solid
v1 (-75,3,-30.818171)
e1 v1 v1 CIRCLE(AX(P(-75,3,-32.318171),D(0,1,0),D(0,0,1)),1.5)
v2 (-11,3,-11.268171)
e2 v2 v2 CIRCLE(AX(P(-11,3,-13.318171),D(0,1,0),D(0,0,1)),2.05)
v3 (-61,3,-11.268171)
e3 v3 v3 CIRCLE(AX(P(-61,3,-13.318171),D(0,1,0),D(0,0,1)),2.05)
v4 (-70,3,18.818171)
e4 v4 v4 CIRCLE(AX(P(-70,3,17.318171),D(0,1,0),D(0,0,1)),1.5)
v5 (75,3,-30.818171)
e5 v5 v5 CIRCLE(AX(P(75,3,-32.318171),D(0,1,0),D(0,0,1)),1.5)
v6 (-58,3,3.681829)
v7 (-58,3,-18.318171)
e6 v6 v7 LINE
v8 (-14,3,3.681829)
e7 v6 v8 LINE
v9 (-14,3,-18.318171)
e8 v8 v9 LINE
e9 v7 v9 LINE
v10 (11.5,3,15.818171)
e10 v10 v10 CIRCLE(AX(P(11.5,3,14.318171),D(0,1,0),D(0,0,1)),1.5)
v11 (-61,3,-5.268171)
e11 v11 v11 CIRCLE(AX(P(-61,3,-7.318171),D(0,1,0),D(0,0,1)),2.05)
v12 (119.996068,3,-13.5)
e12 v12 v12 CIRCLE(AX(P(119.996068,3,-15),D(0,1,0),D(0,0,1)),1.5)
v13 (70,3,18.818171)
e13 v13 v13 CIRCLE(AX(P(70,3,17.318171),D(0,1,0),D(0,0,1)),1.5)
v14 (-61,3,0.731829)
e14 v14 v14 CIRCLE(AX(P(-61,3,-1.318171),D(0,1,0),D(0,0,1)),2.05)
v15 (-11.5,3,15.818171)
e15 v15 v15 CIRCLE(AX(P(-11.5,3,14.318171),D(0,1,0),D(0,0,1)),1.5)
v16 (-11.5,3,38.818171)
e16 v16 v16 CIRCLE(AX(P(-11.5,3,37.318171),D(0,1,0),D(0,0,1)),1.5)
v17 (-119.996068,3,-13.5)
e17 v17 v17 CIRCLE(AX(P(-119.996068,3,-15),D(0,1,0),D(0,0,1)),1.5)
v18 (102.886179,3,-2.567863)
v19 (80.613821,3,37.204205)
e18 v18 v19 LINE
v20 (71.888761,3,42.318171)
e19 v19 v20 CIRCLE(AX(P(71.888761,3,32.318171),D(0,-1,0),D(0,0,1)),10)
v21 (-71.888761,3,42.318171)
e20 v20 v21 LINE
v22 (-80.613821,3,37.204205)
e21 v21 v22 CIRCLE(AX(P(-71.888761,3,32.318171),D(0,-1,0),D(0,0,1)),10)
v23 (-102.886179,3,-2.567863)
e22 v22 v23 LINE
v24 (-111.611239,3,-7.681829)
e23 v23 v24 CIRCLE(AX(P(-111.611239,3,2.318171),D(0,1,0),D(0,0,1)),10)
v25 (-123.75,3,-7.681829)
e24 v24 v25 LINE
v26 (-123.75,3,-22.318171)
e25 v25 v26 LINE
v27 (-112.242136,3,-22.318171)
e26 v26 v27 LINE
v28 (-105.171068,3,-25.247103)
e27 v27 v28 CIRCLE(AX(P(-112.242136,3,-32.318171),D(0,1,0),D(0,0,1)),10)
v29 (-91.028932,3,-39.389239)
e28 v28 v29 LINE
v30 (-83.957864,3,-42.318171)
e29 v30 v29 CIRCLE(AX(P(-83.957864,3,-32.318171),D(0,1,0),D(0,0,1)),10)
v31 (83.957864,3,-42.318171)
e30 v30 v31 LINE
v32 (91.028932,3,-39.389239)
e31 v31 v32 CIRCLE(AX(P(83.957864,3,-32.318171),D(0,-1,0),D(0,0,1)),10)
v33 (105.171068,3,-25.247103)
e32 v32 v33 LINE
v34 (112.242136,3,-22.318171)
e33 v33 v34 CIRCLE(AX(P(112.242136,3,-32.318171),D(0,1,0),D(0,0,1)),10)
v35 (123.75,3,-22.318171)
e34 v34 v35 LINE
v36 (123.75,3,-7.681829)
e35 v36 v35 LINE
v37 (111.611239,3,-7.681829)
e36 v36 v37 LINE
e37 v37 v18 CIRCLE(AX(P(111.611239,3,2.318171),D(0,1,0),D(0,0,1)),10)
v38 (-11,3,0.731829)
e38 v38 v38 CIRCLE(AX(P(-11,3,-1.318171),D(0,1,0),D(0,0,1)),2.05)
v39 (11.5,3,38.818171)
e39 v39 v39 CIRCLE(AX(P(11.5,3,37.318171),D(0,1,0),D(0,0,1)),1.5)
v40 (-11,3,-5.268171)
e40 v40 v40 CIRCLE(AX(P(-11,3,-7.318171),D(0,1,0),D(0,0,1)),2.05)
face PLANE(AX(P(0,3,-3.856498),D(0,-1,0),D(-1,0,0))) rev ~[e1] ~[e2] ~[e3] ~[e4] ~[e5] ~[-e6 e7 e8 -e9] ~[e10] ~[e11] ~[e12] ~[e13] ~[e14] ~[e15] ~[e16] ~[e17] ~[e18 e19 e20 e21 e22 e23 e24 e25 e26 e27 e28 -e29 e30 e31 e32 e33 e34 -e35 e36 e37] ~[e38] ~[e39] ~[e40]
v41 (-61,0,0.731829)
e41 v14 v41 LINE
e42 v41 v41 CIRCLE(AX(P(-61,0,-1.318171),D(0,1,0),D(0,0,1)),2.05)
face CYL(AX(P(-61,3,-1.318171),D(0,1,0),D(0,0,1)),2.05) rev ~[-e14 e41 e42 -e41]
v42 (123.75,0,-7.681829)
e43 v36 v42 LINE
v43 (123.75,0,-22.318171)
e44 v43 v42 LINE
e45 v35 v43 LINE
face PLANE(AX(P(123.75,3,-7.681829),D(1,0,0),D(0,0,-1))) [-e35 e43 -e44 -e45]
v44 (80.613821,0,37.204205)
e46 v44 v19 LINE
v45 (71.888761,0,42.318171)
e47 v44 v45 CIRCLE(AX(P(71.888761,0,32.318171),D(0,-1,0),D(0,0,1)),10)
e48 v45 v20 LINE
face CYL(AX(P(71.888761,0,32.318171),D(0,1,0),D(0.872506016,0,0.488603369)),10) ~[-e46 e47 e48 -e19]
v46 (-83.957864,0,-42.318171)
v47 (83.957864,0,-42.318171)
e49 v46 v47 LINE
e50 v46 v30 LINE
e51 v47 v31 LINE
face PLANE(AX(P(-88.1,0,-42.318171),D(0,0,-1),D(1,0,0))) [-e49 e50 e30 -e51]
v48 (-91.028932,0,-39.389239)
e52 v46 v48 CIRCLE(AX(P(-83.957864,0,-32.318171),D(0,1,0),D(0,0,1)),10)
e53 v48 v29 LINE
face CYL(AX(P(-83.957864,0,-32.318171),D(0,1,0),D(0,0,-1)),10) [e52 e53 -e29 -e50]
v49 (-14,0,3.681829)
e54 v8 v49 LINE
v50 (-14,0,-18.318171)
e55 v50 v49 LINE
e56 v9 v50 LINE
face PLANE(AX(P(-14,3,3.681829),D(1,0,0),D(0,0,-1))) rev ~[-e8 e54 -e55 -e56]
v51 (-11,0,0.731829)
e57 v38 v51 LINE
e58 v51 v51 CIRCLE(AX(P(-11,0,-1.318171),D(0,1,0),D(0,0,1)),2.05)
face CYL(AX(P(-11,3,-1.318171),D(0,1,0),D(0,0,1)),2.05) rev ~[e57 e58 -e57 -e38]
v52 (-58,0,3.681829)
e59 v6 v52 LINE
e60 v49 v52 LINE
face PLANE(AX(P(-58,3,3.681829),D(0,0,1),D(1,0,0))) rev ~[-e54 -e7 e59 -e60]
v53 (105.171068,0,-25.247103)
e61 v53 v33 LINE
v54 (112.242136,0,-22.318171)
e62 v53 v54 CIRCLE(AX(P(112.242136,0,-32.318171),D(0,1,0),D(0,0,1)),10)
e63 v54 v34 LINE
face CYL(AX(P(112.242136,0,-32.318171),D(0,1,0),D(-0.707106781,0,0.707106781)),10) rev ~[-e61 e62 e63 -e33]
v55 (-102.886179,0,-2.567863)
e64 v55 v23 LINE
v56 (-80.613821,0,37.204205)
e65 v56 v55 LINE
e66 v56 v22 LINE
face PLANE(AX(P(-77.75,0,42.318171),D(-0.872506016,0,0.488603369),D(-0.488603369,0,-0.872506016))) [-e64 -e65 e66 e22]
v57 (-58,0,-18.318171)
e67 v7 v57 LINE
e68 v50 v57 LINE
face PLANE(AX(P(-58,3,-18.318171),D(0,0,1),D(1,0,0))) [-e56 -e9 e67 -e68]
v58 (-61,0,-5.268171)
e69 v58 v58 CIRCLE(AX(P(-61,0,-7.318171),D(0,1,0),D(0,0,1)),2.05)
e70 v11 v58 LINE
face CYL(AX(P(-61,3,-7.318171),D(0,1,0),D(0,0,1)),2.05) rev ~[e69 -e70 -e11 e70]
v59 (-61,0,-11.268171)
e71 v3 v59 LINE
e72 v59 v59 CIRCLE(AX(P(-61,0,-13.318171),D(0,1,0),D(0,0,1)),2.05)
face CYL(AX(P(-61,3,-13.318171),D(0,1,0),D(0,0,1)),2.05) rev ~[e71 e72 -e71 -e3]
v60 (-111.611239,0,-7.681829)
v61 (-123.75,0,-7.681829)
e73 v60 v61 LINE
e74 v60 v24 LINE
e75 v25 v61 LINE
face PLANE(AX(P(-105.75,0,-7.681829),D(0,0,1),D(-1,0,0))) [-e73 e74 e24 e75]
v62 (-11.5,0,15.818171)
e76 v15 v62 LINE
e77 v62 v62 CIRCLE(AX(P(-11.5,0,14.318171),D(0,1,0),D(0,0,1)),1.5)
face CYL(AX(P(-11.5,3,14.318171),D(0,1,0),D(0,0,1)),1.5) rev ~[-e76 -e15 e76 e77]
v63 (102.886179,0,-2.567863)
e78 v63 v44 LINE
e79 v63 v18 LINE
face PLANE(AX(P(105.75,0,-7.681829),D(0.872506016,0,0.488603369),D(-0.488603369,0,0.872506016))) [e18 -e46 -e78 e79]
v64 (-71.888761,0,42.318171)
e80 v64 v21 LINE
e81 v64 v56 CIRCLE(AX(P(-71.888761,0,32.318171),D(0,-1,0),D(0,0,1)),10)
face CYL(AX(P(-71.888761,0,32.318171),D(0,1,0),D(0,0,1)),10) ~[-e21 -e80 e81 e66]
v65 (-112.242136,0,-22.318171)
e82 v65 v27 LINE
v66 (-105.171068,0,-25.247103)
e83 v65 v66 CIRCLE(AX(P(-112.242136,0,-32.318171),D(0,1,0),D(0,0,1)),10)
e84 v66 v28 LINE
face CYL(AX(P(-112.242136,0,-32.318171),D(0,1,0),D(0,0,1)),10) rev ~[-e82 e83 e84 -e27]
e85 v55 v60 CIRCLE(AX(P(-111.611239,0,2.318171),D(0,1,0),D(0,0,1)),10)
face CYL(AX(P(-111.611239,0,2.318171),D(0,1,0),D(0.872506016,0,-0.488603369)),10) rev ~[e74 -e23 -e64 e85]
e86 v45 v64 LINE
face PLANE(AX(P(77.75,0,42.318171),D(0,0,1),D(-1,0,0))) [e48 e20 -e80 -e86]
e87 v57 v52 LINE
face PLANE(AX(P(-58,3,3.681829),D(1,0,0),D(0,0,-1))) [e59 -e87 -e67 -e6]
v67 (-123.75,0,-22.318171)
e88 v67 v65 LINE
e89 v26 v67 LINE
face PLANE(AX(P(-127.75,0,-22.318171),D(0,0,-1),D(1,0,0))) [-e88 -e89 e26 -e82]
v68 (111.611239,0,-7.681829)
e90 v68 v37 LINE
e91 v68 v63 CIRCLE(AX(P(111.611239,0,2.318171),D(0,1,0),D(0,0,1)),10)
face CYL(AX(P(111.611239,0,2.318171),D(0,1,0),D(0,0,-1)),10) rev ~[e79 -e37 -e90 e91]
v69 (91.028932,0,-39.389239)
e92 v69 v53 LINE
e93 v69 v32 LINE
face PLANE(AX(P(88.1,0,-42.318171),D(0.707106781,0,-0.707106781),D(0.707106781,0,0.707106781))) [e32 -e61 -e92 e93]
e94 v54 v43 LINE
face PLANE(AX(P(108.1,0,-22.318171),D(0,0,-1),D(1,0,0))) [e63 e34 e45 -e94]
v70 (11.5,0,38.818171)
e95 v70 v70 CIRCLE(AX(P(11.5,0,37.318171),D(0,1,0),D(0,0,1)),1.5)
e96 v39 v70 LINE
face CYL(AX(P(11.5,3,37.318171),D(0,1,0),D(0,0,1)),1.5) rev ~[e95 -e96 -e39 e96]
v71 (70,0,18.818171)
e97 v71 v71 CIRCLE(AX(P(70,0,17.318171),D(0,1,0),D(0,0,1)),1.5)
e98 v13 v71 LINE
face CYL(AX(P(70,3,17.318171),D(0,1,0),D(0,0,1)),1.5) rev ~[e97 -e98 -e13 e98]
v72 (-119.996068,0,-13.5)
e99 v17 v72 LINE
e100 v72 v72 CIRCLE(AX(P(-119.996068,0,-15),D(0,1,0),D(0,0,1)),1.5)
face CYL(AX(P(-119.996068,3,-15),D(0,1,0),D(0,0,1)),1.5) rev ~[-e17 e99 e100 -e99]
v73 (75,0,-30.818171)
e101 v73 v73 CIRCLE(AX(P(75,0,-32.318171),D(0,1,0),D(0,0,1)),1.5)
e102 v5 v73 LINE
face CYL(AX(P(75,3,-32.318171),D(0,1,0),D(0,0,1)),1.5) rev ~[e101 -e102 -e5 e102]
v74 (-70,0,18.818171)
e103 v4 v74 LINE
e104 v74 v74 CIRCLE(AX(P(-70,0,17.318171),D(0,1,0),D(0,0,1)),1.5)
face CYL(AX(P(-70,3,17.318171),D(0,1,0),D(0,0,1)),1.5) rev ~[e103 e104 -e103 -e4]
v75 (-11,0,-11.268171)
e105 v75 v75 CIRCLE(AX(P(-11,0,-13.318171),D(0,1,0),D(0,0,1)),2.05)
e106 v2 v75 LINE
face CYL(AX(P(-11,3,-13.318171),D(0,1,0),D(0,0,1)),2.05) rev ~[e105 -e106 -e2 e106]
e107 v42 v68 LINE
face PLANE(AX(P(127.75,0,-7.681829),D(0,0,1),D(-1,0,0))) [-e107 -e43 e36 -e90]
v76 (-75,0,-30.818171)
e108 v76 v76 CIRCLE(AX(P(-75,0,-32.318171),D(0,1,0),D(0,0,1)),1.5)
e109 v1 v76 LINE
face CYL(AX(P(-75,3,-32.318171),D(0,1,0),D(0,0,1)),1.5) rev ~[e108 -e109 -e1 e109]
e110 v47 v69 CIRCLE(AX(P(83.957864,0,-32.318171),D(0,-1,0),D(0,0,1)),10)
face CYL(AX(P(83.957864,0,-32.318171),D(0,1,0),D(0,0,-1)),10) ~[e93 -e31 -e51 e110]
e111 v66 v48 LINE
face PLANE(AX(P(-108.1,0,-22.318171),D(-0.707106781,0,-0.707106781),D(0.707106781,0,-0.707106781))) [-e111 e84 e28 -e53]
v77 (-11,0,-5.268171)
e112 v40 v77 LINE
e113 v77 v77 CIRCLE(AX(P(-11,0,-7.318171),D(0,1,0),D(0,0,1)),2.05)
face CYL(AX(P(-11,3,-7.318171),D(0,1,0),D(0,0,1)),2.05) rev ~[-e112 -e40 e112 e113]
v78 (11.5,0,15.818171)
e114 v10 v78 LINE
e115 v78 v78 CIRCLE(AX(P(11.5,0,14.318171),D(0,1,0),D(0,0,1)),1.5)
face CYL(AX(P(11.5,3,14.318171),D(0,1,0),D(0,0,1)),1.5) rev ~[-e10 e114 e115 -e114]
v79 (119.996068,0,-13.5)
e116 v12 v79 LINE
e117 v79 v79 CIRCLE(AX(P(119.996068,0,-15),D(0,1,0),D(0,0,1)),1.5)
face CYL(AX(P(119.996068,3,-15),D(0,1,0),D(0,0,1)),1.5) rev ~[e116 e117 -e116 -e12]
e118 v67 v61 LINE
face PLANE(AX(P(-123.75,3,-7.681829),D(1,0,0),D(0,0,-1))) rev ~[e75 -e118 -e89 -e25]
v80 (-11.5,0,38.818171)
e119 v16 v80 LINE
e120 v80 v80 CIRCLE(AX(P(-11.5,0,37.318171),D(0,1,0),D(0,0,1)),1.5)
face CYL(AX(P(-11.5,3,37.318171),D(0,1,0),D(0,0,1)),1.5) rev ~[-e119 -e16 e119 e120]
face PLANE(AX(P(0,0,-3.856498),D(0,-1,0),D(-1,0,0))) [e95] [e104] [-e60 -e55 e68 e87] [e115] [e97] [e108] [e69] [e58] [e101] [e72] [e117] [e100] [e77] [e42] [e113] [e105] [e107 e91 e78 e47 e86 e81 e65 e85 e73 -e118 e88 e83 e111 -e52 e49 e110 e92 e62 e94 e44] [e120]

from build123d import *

# Parameters (mm, degrees)
SALIENTE_EXTRUIR1_DEPTH = 3
REDONDEO1_R             = 10
CROQUIS2_R              = 1.5
CROQUIS2_R_2            = 2.05
CROQUIS2_W              = 42
CROQUIS2_H              = 20
CORTAR_EXTRUIR1_DEPTH   = 135.610141171
CROQUIS3_W              = 4
CROQUIS3_H              = 14.636342218
CORTAR_EXTRUIR2_DEPTH   = 135.610141171
CROQUIS4_W              = 44
CROQUIS4_H              = 22
CORTAR_EXTRUIR3_DEPTH   = 131.820067673


with BuildPart() as part:
    # Croquis1 → Saliente-Extruir1 (new body)
    with BuildSketch(Plane(origin=(0, 0, 0), x_dir=(1, 0, 0), z_dir=(0, 1, 0))):
        Polygon((-88.1, 42.318171109), (88.1, 42.318171109), (108.1, 22.318171109), (127.75, 22.318171109), (127.75, 7.681828891), (105.75, 7.681828891), (77.75, -42.318171109), (-77.75, -42.318171109), (-105.75, 7.681828891), (-127.75, 7.681828891), (-127.75, 22.318171109), (-108.1, 22.318171109), align=None)
    extrude(amount=SALIENTE_EXTRUIR1_DEPTH)

    # Redondeo1
    redondeo1_edges = [part.edges().sort_by_distance(p)[0] for p in [
        (-88.1, 1.5, -42.318171109),
        (88.1, 1.5, -42.318171109),
        (108.1, 1.5, -22.318171109),
        (105.75, 1.5, -7.681828891),
        (77.75, 1.5, 42.318171109),
        (-77.75, 1.5, 42.318171109),
        (-105.75, 1.5, -7.681828891),
        (-108.1, 1.5, -22.318171109),
    ]]
    fillet(redondeo1_edges, radius=REDONDEO1_R)

    # Croquis2 → Cortar-Extruir1 (cut, through all)
    with BuildSketch(Plane(origin=(0, 3, 0), x_dir=(1, 0, 0), z_dir=(0, 1, 0))):
        with Locations(Location((70, -17.318171109, 0), (0, 0, 270))):
            Circle(CROQUIS2_R)
        with Locations(Location((-70, -17.318171109, 0), (0, 0, 270))):
            Circle(CROQUIS2_R)
        with Locations(Location((-119.996067812, 15, 0), (0, 0, 270))):
            Circle(CROQUIS2_R)
        with Locations(Location((119.996067812, 15, 0), (0, 0, 270))):
            Circle(CROQUIS2_R)
        with Locations(Location((-75, 32.318171109, 0), (0, 0, 270))):
            Circle(CROQUIS2_R)
        with Locations(Location((75, 32.318171109, 0), (0, 0, 270))):
            Circle(CROQUIS2_R)
        with Locations(Location((-11.5, -14.318171109, 0), (0, 0, 270))):
            Circle(CROQUIS2_R)
        with Locations(Location((11.5, -14.318171109, 0), (0, 0, 270))):
            Circle(CROQUIS2_R)
        with Locations(Location((-11.5, -37.318171109, 0), (0, 0, 270))):
            Circle(CROQUIS2_R)
        with Locations(Location((11.5, -37.318171109, 0), (0, 0, 270))):
            Circle(CROQUIS2_R)
        with Locations(Location((-61, 7.318171109, 0), (0, 0, 270))):
            Circle(CROQUIS2_R_2)
        with Locations(Location((-11, 7.318171109, 0), (0, 0, 270))):
            Circle(CROQUIS2_R_2)
        with Locations(Location((-61, 13.318171109, 0), (0, 0, 270))):
            Circle(CROQUIS2_R_2)
        with Locations(Location((-61, 1.318171109, 0), (0, 0, 270))):
            Circle(CROQUIS2_R_2)
        with Locations(Location((-11, 13.318171109, 0), (0, 0, 270))):
            Circle(CROQUIS2_R_2)
        with Locations(Location((-11, 1.318171109, 0), (0, 0, 270))):
            Circle(CROQUIS2_R_2)
        with Locations((-36, 7.318171109)):
            Rectangle(CROQUIS2_W, CROQUIS2_H)
    extrude(amount=-CORTAR_EXTRUIR1_DEPTH, mode=Mode.SUBTRACT)

    # Croquis3 → Cortar-Extruir2 (cut, through all)
    with BuildSketch(Plane(origin=(0, 3, 0), x_dir=(1, 0, 0), z_dir=(0, 1, 0))):
        with Locations((-125.75, 15)):
            Rectangle(CROQUIS3_W, CROQUIS3_H)
        with Locations((125.75, 15)):
            Rectangle(CROQUIS3_W, CROQUIS3_H)
    extrude(amount=-CORTAR_EXTRUIR2_DEPTH, mode=Mode.SUBTRACT)

    # Croquis4 → Cortar-Extruir3 (cut, through all)
    with BuildSketch(Plane(origin=(0, 3, 0), x_dir=(1, 0, 0), z_dir=(0, 1, 0))):
        with Locations((-36, 7.318171109)):
            Rectangle(CROQUIS4_W, CROQUIS4_H)
    extrude(amount=-CORTAR_EXTRUIR3_DEPTH, mode=Mode.SUBTRACT)


solid = part.part
